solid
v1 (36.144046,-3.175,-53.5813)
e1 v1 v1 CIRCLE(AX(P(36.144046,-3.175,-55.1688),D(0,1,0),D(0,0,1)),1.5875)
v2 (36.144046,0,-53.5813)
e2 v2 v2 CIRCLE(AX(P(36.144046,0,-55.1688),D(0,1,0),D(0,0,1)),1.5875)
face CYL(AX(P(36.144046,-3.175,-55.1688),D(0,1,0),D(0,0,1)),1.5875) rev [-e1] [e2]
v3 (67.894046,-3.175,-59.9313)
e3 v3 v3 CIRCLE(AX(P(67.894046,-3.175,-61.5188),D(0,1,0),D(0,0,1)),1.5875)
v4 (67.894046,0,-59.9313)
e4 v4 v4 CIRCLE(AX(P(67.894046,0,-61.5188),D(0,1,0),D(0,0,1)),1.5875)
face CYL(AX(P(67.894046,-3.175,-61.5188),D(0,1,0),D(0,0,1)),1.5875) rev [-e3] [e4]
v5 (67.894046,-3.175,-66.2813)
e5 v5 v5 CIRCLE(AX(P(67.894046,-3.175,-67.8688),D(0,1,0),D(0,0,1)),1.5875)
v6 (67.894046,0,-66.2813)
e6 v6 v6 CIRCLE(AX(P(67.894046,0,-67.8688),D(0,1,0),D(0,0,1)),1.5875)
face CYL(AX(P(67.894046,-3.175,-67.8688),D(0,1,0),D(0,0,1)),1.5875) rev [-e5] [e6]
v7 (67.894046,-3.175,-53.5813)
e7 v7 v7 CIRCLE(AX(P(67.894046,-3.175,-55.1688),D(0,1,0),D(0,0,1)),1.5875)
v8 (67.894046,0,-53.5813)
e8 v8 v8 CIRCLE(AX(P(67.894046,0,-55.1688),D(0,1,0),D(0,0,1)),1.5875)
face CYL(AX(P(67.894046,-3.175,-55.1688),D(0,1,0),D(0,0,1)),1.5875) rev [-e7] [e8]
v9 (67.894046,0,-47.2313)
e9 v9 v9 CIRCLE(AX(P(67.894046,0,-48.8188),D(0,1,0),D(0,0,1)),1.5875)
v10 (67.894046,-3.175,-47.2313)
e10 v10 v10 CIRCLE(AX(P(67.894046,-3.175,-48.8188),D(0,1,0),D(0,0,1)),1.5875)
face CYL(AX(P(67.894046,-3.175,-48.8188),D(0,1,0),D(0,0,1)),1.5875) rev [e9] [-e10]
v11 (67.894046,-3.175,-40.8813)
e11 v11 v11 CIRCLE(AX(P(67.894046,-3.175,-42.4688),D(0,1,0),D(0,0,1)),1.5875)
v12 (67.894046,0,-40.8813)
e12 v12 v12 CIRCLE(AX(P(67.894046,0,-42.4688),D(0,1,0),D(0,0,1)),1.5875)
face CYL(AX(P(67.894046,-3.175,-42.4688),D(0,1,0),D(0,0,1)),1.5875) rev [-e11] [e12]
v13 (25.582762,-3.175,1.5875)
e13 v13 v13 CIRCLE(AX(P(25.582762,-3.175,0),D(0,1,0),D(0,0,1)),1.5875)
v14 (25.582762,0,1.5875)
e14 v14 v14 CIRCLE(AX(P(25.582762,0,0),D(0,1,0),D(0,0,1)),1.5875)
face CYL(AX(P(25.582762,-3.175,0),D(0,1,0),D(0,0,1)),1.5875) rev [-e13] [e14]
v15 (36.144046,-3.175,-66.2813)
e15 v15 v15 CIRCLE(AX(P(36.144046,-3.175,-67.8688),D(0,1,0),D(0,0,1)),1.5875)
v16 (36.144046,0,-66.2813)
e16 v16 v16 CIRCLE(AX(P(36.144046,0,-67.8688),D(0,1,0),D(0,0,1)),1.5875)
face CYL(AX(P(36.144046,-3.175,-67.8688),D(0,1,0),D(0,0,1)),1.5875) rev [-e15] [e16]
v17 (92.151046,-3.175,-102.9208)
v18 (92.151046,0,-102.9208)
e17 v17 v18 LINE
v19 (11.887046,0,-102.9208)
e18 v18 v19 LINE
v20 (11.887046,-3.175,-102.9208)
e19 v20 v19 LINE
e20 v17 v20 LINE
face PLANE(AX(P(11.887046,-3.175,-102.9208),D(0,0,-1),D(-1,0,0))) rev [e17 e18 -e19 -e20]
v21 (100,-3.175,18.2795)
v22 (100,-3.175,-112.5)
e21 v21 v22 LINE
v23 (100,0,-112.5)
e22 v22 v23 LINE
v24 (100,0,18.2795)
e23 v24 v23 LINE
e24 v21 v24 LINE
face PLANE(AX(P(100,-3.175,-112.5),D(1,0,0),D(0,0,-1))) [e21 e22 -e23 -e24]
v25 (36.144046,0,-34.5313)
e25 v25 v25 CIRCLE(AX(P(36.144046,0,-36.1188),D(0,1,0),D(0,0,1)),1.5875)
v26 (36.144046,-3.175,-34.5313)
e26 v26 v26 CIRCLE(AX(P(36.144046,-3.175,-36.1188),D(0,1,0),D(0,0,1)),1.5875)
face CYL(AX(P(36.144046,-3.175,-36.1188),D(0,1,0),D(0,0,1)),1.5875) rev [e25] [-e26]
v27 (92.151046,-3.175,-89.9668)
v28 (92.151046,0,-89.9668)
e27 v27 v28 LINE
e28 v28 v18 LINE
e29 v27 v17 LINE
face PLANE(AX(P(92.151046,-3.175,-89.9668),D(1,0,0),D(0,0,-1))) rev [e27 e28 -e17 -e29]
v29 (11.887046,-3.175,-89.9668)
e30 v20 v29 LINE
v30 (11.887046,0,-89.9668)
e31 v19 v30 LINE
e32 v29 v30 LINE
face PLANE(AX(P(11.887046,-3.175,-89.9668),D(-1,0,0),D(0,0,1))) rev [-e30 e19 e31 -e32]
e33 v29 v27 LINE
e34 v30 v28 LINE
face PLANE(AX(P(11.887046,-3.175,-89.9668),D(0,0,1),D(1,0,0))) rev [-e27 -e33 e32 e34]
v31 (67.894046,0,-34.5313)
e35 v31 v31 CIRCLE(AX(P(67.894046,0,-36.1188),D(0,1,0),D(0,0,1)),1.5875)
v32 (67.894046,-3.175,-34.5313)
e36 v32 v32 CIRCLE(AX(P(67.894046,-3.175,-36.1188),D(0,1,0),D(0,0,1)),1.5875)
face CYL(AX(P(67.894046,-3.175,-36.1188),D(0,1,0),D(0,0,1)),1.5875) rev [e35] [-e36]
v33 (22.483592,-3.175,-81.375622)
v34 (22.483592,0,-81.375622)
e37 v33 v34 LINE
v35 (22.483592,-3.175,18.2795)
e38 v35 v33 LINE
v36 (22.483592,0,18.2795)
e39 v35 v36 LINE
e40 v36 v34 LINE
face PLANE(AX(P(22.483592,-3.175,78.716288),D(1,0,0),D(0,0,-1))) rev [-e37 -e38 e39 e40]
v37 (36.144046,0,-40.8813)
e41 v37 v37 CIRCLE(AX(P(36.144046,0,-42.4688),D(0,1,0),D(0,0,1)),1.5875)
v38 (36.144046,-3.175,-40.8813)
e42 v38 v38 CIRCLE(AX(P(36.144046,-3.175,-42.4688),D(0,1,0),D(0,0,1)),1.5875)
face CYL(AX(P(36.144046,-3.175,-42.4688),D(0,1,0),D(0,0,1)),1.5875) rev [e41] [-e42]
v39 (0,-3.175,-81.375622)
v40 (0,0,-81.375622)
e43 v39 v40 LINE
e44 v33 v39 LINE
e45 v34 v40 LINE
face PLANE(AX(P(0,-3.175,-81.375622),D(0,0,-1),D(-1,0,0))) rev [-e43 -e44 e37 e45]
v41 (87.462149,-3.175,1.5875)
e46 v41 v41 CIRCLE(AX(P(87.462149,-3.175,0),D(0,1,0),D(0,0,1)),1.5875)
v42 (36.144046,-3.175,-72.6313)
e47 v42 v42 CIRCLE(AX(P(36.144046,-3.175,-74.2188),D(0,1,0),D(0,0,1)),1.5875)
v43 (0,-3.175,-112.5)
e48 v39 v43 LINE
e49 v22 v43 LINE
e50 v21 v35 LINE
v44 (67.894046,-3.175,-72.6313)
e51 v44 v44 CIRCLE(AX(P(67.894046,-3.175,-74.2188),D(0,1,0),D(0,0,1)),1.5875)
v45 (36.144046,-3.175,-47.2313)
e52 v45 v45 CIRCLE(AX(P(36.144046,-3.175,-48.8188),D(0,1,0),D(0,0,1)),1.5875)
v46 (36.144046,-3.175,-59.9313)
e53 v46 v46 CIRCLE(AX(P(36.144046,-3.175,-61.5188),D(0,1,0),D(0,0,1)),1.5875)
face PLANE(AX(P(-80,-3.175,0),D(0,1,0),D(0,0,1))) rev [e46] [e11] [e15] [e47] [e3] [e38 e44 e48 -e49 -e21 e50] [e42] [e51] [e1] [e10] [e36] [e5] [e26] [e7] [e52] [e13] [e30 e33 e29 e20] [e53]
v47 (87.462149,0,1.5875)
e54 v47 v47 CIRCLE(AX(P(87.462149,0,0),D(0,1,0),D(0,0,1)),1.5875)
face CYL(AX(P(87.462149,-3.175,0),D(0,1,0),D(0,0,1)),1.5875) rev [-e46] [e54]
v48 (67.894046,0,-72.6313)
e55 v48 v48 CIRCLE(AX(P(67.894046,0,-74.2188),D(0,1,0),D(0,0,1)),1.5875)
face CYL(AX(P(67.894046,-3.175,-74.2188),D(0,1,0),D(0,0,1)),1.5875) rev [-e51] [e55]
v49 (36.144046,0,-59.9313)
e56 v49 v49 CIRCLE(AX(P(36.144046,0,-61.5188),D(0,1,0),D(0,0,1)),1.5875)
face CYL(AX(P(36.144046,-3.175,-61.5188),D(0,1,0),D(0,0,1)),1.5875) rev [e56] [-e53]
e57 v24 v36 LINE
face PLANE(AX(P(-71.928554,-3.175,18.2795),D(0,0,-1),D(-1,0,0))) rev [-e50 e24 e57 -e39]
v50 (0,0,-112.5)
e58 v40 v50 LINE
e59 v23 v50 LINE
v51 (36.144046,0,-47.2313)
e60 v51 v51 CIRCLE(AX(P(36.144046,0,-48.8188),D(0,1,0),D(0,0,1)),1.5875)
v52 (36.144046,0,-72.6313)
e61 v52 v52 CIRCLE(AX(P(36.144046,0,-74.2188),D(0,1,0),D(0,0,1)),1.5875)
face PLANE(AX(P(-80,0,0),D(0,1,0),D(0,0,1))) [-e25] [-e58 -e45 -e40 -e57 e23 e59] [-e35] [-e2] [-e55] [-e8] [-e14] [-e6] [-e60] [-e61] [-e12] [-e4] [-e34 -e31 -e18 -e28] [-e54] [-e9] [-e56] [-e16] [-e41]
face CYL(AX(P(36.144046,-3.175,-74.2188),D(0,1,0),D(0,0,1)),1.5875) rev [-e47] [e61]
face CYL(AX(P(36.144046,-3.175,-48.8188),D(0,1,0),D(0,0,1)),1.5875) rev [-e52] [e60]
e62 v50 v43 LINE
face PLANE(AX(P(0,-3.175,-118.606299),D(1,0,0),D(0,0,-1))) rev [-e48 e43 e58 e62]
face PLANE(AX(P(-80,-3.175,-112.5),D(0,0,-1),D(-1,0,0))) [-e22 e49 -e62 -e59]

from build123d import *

# Parameters (mm, degrees)
BOSS_EXTRUDE1_DEPTH = 3.175
SKETCH2_R           = 1.5875
SKETCH2_W           = 80.264
SKETCH2_H           = 12.954
CUT_EXTRUDE1_DEPTH  = 223.985606318
SKETCH7_R           = 1.5875
SKETCH7_W           = 46.99
SKETCH7_H           = 138.43
CUT_EXTRUDE4_DEPTH  = 223.985606318
CUT_EXTRUDE5_DEPTH  = 223.985606318
CUT_EXTRUDE8_DEPTH  = 221.482742149
SKETCH10_W          = 220.910927054
SKETCH10_H          = 122.260722121
CUT_EXTRUDE9_DEPTH  = 151.553414525


with BuildPart() as part:
    # Sketch1 → Boss-Extrude1 (new body)
    with BuildSketch(Plane(origin=(0, 0, 0), x_dir=(1, 0, 0), z_dir=(0, 1, 0))):
        with BuildLine():
            Line((-80, 112.5), (100, 112.5))
            Line((100, 112.5), (100, -112.5))
            Line((100, -112.5), (-80, -112.5))
            ThreePointArc((-80, -112.5), (-192.5, 0), (-80, 112.5))
        make_face()
    extrude(amount=-BOSS_EXTRUDE1_DEPTH)

    # Sketch2 → Cut-Extrude1 (cut, through all)
    with BuildSketch(Plane(origin=(0, 0, 0), x_dir=(1, 0, 0), z_dir=(0, 1, 0))):
        with Locations(Location((36.144045702, -74.2188, 0), (0, 0, 270))):
            Circle(SKETCH2_R)
        with Locations(Location((36.144045702, -67.8688, 0), (0, 0, 270))):
            Circle(SKETCH2_R)
        with Locations(Location((36.144045702, -61.5188, 0), (0, 0, 270))):
            Circle(SKETCH2_R)
        with Locations(Location((36.144045702, -55.1688, 0), (0, 0, 270))):
            Circle(SKETCH2_R)
        with Locations(Location((36.144045702, -48.8188, 0), (0, 0, 270))):
            Circle(SKETCH2_R)
        with Locations(Location((36.144045702, -42.4688, 0), (0, 0, 270))):
            Circle(SKETCH2_R)
        with Locations(Location((36.144045702, -36.1188, 0), (0, 0, 270))):
            Circle(SKETCH2_R)
        with Locations(Location((67.894045702, -74.2188, 0), (0, 0, 270))):
            Circle(SKETCH2_R)
        with Locations(Location((67.894045702, -67.8688, 0), (0, 0, 270))):
            Circle(SKETCH2_R)
        with Locations(Location((67.894045702, -61.5188, 0), (0, 0, 270))):
            Circle(SKETCH2_R)
        with Locations(Location((67.894045702, -55.1688, 0), (0, 0, 270))):
            Circle(SKETCH2_R)
        with Locations(Location((67.894045702, -48.8188, 0), (0, 0, 270))):
            Circle(SKETCH2_R)
        with Locations(Location((67.894045702, -42.4688, 0), (0, 0, 270))):
            Circle(SKETCH2_R)
        with Locations(Location((67.894045702, -36.1188, 0), (0, 0, 270))):
            Circle(SKETCH2_R)
        with Locations(Location((36.144045702, 74.2188, 0), (0, 0, 270))):
            Circle(SKETCH2_R)
        with Locations(Location((36.144045702, 67.8688, 0), (0, 0, 270))):
            Circle(SKETCH2_R)
        with Locations(Location((36.144045702, 61.5188, 0), (0, 0, 270))):
            Circle(SKETCH2_R)
        with Locations(Location((36.144045702, 55.1688, 0), (0, 0, 270))):
            Circle(SKETCH2_R)
        with Locations(Location((36.144045702, 48.8188, 0), (0, 0, 270))):
            Circle(SKETCH2_R)
        with Locations(Location((36.144045702, 42.4688, 0), (0, 0, 270))):
            Circle(SKETCH2_R)
        with Locations(Location((36.144045702, 36.1188, 0), (0, 0, 270))):
            Circle(SKETCH2_R)
        with Locations(Location((67.894045702, 74.2188, 0), (0, 0, 270))):
            Circle(SKETCH2_R)
        with Locations(Location((67.894045702, 67.8688, 0), (0, 0, 270))):
            Circle(SKETCH2_R)
        with Locations(Location((67.894045702, 61.5188, 0), (0, 0, 270))):
            Circle(SKETCH2_R)
        with Locations(Location((67.894045702, 55.1688, 0), (0, 0, 270))):
            Circle(SKETCH2_R)
        with Locations(Location((67.894045702, 48.8188, 0), (0, 0, 270))):
            Circle(SKETCH2_R)
        with Locations(Location((67.894045702, 42.4688, 0), (0, 0, 270))):
            Circle(SKETCH2_R)
        with Locations(Location((67.894045702, 36.1188, 0), (0, 0, 270))):
            Circle(SKETCH2_R)
        with Locations((52.019045702, -96.4438)):
            Rectangle(SKETCH2_W, SKETCH2_H)
        with Locations((52.019045702, 96.4438)):
            Rectangle(SKETCH2_W, SKETCH2_H)
    extrude(amount=-CUT_EXTRUDE1_DEPTH, mode=Mode.SUBTRACT)

    # Sketch7 → Cut-Extrude4 (cut, through all)
    with BuildSketch(Plane(origin=(0, 0, 0), x_dir=(1, 0, 0), z_dir=(0, 1, 0))):
        with Locations(Location((-50.166143469, 0, 0), (0, 0, 270))):
            Circle(SKETCH7_R)
        with Locations(Location((25.582761582, 0, 0), (0, 0, 270))):
            Circle(SKETCH7_R)
        with Locations(Location((87.462148806, 0, 0), (0, 0, 270))):
            Circle(SKETCH7_R)
        with Locations((-13.971143469, 0)):
            Rectangle(SKETCH7_W, SKETCH7_H)
    extrude(amount=-CUT_EXTRUDE4_DEPTH, mode=Mode.SUBTRACT)

    # Sketch8 → Cut-Extrude5 (cut, through all)
    with BuildSketch(Plane(origin=(0, 0, 0), x_dir=(1, 0, 0), z_dir=(0, 1, 0))):
        with BuildLine():
            Line((-167.0966, 25.4), (-229.776686608, 25.4))
            Line((-229.776686608, 25.4), (-229.776686608, -25.4))
            Line((-229.776686608, -25.4), (-167.0966, -25.4))
            ThreePointArc((-167.0966, -25.4), (-141.6966, 0), (-167.0966, 25.4))
        make_face()
    extrude(amount=-CUT_EXTRUDE5_DEPTH, mode=Mode.SUBTRACT)

    # Sketch9 → Cut-Extrude8 (cut, through all)
    with BuildSketch(Plane(origin=(0, 0, 0), x_dir=(1, 0, 0), z_dir=(0, 1, 0))):
        Polygon((-202.496068311, 81.375621875), (-202.496068311, 118.60629855), (0, 118.60629855), (0, 81.375621875), (22.483592167, 81.375621875), (22.483592167, -78.716287827), (0, -78.716287827), (0, -122.329366217), (-202.496068311, -122.329366217), (-202.496068311, -78.716287827), align=None)
    extrude(amount=-CUT_EXTRUDE8_DEPTH, mode=Mode.SUBTRACT)

    # Sketch10 → Cut-Extrude9 (cut, through all)
    with BuildSketch(Plane(origin=(0, 0, 0), x_dir=(1, 0, 0), z_dir=(0, 1, 0))):
        with Locations((38.526909819, -79.409861337)):
            Rectangle(SKETCH10_W, SKETCH10_H)
    extrude(amount=-CUT_EXTRUDE9_DEPTH, mode=Mode.SUBTRACT)


solid = part.part
